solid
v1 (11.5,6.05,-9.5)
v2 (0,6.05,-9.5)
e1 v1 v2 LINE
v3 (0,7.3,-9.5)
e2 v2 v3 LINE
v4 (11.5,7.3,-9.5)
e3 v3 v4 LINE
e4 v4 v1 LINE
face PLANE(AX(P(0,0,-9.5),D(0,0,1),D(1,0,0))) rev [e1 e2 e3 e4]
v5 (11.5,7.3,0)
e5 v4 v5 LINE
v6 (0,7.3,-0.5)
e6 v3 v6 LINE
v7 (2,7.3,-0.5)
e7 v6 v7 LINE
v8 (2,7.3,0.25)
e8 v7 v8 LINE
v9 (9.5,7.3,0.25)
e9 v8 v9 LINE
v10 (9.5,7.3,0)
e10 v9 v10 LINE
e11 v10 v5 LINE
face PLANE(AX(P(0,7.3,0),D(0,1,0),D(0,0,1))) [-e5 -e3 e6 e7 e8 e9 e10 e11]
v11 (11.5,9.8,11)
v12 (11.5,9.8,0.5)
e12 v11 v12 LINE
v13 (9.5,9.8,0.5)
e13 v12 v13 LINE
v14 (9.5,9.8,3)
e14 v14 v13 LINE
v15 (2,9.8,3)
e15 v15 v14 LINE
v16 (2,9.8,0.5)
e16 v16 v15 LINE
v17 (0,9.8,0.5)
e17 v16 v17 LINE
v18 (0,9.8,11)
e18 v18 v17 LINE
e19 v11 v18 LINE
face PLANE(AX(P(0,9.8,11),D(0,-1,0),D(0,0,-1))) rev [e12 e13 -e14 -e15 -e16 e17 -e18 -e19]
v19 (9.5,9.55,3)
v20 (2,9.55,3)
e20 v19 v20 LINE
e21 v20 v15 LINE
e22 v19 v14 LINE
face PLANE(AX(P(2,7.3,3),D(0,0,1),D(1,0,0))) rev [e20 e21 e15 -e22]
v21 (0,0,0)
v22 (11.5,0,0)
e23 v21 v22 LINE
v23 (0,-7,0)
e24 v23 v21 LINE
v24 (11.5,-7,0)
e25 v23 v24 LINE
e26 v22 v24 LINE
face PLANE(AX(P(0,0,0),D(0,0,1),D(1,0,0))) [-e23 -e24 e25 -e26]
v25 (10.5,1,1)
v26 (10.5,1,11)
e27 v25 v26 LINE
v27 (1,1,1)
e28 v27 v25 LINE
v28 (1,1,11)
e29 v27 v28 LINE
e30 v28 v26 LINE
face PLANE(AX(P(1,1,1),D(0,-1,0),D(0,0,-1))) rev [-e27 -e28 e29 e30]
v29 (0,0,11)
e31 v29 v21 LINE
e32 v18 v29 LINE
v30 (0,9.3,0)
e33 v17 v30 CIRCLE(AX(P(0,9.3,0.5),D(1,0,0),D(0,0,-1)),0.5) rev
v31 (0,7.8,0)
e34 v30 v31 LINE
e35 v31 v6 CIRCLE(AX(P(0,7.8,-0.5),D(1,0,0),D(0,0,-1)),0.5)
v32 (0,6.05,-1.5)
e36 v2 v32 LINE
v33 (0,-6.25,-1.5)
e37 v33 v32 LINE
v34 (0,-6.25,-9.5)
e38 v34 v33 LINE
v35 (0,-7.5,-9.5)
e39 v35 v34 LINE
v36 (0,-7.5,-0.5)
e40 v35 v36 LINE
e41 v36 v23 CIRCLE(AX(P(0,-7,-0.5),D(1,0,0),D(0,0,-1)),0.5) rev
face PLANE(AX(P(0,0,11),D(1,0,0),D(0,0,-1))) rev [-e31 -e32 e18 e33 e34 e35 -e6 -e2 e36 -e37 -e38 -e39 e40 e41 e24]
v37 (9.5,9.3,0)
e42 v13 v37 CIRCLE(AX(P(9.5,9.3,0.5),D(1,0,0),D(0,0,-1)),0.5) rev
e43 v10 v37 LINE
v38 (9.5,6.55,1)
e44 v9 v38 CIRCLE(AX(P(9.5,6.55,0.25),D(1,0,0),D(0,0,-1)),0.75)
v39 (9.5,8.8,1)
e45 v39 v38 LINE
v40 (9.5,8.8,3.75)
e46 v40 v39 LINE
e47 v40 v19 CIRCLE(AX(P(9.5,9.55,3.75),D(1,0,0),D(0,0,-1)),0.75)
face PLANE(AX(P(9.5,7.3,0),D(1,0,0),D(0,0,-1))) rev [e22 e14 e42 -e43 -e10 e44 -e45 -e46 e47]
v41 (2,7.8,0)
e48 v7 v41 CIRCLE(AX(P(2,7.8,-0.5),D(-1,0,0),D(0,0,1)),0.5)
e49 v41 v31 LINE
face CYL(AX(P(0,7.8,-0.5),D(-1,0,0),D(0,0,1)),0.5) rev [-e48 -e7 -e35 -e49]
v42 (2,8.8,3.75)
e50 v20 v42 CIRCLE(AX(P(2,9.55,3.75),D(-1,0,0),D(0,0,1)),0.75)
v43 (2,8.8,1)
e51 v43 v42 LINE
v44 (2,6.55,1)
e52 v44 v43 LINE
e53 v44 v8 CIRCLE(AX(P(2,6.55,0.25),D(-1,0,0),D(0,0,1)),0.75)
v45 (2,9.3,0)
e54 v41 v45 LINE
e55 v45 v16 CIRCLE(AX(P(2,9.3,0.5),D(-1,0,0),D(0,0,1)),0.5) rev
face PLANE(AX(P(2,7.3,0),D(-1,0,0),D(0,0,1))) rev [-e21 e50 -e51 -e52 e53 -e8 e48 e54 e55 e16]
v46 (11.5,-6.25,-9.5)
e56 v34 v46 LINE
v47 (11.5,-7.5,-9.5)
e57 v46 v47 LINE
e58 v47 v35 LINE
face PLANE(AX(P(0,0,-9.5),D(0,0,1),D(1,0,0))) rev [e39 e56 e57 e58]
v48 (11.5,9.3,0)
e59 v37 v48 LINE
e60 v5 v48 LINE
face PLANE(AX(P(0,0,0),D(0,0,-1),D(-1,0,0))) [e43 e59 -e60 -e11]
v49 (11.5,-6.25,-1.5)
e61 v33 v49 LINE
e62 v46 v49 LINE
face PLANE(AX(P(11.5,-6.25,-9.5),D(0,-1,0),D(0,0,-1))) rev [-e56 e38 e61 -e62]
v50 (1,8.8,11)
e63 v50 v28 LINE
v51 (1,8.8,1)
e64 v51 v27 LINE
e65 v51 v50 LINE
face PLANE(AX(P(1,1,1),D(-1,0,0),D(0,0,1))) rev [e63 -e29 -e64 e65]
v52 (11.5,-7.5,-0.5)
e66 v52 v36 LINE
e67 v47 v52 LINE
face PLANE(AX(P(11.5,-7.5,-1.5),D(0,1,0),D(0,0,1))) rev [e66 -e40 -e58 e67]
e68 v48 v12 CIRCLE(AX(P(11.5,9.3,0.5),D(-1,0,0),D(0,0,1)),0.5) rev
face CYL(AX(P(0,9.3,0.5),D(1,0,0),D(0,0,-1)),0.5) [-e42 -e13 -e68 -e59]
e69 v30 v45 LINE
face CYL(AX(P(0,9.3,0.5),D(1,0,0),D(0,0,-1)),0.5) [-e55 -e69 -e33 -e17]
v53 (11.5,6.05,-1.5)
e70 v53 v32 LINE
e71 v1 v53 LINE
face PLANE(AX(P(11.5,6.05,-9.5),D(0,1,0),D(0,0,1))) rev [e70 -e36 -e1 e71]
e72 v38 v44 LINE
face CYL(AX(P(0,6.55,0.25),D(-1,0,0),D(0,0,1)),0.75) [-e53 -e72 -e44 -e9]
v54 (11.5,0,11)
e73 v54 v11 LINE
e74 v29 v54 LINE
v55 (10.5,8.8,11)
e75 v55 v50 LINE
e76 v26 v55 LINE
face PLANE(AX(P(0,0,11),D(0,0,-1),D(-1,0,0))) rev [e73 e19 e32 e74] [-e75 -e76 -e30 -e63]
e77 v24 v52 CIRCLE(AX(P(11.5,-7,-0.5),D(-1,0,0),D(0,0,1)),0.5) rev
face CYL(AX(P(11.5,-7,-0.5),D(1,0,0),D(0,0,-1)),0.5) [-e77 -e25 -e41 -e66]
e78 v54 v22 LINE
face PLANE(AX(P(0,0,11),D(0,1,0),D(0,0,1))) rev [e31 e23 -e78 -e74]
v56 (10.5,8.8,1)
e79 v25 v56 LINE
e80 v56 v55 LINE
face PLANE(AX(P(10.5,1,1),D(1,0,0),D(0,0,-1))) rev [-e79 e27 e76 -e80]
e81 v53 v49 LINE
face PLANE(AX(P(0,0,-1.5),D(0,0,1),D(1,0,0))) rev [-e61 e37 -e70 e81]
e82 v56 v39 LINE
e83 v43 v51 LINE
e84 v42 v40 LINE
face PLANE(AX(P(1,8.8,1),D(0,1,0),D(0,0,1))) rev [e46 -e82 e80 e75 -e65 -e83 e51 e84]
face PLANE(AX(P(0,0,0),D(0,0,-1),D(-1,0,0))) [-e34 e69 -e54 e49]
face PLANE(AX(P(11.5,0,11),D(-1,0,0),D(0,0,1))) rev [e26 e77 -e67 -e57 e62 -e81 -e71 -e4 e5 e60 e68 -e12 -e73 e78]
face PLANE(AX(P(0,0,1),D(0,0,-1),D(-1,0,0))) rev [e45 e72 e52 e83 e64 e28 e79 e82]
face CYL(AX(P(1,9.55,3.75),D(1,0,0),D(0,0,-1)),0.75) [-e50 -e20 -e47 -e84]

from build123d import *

# Parameters (mm, degrees)
ESQUISSE1_W             = 11.5
ESQUISSE1_H             = 9.8
BOSS_EXTRU_1_DEPTH      = 11
ESQUISSE2_W             = 9.5
ESQUISSE2_H             = 7.8
ENL_V_MAT_EXTRU_1_DEPTH = 10
ESQUISSE3_W             = 7.5
ESQUISSE3_H             = 3
ENL_V_MAT_EXTRU_2_DEPTH = 2.5
CONG_1_R                = 0.75
ESQUISSE4_W             = 11.5
ESQUISSE4_H             = 14.8
BOSS_EXTRU_2_DEPTH      = 1.5
ESQUISSE5_W             = 11.5
ESQUISSE5_H             = 1.25
BOSS_EXTRU_3_DEPTH      = 8
CONG_2_R                = 0.5
CONG_3_R                = 0.5


with BuildPart() as part:
    # Esquisse1 → Boss.-Extru.1 (new body)
    with BuildSketch(Plane.XY):
        with Locations((5.75, 4.9)):
            Rectangle(ESQUISSE1_W, ESQUISSE1_H)
    extrude(amount=BOSS_EXTRU_1_DEPTH)

    # Esquisse2 → Enlèv. mat.-Extru.1 (cut)
    with BuildSketch(Plane.XY.offset(11)):
        with Locations((5.75, 4.9)):
            Rectangle(ESQUISSE2_W, ESQUISSE2_H)
    extrude(amount=-ENL_V_MAT_EXTRU_1_DEPTH, mode=Mode.SUBTRACT)

    # Esquisse3 → Enlèv. mat.-Extru.2 (cut)
    with BuildSketch(Plane(origin=(0, 9.8, 0), x_dir=(1, 0, 0), z_dir=(0, 1, 0))):
        with Locations((5.75, -1.5)):
            Rectangle(ESQUISSE3_W, ESQUISSE3_H)
    extrude(amount=-ENL_V_MAT_EXTRU_2_DEPTH, mode=Mode.SUBTRACT)

    # Congé1
    cong_1_edges = [part.edges().sort_by_distance(p)[0] for p in [
        (5.75, 7.3, 1),
        (5.75, 8.8, 3),
    ]]
    fillet(cong_1_edges, radius=CONG_1_R)

    # Esquisse4 → Boss.-Extru.2 (add)
    with BuildSketch(Plane(origin=(0, 0, 0), x_dir=(-1, 0, 0), z_dir=(0, 0, -1))):
        with Locations((-5.75, -0.1)):
            Rectangle(ESQUISSE4_W, ESQUISSE4_H)
    extrude(amount=BOSS_EXTRU_2_DEPTH)

    # Esquisse5 → Boss.-Extru.3 (add)
    with BuildSketch(Plane(origin=(0, 0, -1.5), x_dir=(-1, 0, 0), z_dir=(0, 0, -1))):
        with Locations((-5.75, 6.675)):
            Rectangle(ESQUISSE5_W, ESQUISSE5_H)
        with Locations((-5.75, -6.875)):
            Rectangle(ESQUISSE5_W, ESQUISSE5_H)
    extrude(amount=BOSS_EXTRU_3_DEPTH)

    # Congé2
    cong_2_edges = [part.edges().sort_by_distance(p)[0] for p in [
        (5.75, -7.5, 0),
    ]]
    fillet(cong_2_edges, radius=CONG_2_R)

    # Congé3
    cong_3_edges = [part.edges().sort_by_distance(p)[0] for p in [
        (1, 9.8, 0),
        (10.5, 9.8, 0),
        (1, 7.3, 0),
    ]]
    fillet(cong_3_edges, radius=CONG_3_R)


solid = part.part
